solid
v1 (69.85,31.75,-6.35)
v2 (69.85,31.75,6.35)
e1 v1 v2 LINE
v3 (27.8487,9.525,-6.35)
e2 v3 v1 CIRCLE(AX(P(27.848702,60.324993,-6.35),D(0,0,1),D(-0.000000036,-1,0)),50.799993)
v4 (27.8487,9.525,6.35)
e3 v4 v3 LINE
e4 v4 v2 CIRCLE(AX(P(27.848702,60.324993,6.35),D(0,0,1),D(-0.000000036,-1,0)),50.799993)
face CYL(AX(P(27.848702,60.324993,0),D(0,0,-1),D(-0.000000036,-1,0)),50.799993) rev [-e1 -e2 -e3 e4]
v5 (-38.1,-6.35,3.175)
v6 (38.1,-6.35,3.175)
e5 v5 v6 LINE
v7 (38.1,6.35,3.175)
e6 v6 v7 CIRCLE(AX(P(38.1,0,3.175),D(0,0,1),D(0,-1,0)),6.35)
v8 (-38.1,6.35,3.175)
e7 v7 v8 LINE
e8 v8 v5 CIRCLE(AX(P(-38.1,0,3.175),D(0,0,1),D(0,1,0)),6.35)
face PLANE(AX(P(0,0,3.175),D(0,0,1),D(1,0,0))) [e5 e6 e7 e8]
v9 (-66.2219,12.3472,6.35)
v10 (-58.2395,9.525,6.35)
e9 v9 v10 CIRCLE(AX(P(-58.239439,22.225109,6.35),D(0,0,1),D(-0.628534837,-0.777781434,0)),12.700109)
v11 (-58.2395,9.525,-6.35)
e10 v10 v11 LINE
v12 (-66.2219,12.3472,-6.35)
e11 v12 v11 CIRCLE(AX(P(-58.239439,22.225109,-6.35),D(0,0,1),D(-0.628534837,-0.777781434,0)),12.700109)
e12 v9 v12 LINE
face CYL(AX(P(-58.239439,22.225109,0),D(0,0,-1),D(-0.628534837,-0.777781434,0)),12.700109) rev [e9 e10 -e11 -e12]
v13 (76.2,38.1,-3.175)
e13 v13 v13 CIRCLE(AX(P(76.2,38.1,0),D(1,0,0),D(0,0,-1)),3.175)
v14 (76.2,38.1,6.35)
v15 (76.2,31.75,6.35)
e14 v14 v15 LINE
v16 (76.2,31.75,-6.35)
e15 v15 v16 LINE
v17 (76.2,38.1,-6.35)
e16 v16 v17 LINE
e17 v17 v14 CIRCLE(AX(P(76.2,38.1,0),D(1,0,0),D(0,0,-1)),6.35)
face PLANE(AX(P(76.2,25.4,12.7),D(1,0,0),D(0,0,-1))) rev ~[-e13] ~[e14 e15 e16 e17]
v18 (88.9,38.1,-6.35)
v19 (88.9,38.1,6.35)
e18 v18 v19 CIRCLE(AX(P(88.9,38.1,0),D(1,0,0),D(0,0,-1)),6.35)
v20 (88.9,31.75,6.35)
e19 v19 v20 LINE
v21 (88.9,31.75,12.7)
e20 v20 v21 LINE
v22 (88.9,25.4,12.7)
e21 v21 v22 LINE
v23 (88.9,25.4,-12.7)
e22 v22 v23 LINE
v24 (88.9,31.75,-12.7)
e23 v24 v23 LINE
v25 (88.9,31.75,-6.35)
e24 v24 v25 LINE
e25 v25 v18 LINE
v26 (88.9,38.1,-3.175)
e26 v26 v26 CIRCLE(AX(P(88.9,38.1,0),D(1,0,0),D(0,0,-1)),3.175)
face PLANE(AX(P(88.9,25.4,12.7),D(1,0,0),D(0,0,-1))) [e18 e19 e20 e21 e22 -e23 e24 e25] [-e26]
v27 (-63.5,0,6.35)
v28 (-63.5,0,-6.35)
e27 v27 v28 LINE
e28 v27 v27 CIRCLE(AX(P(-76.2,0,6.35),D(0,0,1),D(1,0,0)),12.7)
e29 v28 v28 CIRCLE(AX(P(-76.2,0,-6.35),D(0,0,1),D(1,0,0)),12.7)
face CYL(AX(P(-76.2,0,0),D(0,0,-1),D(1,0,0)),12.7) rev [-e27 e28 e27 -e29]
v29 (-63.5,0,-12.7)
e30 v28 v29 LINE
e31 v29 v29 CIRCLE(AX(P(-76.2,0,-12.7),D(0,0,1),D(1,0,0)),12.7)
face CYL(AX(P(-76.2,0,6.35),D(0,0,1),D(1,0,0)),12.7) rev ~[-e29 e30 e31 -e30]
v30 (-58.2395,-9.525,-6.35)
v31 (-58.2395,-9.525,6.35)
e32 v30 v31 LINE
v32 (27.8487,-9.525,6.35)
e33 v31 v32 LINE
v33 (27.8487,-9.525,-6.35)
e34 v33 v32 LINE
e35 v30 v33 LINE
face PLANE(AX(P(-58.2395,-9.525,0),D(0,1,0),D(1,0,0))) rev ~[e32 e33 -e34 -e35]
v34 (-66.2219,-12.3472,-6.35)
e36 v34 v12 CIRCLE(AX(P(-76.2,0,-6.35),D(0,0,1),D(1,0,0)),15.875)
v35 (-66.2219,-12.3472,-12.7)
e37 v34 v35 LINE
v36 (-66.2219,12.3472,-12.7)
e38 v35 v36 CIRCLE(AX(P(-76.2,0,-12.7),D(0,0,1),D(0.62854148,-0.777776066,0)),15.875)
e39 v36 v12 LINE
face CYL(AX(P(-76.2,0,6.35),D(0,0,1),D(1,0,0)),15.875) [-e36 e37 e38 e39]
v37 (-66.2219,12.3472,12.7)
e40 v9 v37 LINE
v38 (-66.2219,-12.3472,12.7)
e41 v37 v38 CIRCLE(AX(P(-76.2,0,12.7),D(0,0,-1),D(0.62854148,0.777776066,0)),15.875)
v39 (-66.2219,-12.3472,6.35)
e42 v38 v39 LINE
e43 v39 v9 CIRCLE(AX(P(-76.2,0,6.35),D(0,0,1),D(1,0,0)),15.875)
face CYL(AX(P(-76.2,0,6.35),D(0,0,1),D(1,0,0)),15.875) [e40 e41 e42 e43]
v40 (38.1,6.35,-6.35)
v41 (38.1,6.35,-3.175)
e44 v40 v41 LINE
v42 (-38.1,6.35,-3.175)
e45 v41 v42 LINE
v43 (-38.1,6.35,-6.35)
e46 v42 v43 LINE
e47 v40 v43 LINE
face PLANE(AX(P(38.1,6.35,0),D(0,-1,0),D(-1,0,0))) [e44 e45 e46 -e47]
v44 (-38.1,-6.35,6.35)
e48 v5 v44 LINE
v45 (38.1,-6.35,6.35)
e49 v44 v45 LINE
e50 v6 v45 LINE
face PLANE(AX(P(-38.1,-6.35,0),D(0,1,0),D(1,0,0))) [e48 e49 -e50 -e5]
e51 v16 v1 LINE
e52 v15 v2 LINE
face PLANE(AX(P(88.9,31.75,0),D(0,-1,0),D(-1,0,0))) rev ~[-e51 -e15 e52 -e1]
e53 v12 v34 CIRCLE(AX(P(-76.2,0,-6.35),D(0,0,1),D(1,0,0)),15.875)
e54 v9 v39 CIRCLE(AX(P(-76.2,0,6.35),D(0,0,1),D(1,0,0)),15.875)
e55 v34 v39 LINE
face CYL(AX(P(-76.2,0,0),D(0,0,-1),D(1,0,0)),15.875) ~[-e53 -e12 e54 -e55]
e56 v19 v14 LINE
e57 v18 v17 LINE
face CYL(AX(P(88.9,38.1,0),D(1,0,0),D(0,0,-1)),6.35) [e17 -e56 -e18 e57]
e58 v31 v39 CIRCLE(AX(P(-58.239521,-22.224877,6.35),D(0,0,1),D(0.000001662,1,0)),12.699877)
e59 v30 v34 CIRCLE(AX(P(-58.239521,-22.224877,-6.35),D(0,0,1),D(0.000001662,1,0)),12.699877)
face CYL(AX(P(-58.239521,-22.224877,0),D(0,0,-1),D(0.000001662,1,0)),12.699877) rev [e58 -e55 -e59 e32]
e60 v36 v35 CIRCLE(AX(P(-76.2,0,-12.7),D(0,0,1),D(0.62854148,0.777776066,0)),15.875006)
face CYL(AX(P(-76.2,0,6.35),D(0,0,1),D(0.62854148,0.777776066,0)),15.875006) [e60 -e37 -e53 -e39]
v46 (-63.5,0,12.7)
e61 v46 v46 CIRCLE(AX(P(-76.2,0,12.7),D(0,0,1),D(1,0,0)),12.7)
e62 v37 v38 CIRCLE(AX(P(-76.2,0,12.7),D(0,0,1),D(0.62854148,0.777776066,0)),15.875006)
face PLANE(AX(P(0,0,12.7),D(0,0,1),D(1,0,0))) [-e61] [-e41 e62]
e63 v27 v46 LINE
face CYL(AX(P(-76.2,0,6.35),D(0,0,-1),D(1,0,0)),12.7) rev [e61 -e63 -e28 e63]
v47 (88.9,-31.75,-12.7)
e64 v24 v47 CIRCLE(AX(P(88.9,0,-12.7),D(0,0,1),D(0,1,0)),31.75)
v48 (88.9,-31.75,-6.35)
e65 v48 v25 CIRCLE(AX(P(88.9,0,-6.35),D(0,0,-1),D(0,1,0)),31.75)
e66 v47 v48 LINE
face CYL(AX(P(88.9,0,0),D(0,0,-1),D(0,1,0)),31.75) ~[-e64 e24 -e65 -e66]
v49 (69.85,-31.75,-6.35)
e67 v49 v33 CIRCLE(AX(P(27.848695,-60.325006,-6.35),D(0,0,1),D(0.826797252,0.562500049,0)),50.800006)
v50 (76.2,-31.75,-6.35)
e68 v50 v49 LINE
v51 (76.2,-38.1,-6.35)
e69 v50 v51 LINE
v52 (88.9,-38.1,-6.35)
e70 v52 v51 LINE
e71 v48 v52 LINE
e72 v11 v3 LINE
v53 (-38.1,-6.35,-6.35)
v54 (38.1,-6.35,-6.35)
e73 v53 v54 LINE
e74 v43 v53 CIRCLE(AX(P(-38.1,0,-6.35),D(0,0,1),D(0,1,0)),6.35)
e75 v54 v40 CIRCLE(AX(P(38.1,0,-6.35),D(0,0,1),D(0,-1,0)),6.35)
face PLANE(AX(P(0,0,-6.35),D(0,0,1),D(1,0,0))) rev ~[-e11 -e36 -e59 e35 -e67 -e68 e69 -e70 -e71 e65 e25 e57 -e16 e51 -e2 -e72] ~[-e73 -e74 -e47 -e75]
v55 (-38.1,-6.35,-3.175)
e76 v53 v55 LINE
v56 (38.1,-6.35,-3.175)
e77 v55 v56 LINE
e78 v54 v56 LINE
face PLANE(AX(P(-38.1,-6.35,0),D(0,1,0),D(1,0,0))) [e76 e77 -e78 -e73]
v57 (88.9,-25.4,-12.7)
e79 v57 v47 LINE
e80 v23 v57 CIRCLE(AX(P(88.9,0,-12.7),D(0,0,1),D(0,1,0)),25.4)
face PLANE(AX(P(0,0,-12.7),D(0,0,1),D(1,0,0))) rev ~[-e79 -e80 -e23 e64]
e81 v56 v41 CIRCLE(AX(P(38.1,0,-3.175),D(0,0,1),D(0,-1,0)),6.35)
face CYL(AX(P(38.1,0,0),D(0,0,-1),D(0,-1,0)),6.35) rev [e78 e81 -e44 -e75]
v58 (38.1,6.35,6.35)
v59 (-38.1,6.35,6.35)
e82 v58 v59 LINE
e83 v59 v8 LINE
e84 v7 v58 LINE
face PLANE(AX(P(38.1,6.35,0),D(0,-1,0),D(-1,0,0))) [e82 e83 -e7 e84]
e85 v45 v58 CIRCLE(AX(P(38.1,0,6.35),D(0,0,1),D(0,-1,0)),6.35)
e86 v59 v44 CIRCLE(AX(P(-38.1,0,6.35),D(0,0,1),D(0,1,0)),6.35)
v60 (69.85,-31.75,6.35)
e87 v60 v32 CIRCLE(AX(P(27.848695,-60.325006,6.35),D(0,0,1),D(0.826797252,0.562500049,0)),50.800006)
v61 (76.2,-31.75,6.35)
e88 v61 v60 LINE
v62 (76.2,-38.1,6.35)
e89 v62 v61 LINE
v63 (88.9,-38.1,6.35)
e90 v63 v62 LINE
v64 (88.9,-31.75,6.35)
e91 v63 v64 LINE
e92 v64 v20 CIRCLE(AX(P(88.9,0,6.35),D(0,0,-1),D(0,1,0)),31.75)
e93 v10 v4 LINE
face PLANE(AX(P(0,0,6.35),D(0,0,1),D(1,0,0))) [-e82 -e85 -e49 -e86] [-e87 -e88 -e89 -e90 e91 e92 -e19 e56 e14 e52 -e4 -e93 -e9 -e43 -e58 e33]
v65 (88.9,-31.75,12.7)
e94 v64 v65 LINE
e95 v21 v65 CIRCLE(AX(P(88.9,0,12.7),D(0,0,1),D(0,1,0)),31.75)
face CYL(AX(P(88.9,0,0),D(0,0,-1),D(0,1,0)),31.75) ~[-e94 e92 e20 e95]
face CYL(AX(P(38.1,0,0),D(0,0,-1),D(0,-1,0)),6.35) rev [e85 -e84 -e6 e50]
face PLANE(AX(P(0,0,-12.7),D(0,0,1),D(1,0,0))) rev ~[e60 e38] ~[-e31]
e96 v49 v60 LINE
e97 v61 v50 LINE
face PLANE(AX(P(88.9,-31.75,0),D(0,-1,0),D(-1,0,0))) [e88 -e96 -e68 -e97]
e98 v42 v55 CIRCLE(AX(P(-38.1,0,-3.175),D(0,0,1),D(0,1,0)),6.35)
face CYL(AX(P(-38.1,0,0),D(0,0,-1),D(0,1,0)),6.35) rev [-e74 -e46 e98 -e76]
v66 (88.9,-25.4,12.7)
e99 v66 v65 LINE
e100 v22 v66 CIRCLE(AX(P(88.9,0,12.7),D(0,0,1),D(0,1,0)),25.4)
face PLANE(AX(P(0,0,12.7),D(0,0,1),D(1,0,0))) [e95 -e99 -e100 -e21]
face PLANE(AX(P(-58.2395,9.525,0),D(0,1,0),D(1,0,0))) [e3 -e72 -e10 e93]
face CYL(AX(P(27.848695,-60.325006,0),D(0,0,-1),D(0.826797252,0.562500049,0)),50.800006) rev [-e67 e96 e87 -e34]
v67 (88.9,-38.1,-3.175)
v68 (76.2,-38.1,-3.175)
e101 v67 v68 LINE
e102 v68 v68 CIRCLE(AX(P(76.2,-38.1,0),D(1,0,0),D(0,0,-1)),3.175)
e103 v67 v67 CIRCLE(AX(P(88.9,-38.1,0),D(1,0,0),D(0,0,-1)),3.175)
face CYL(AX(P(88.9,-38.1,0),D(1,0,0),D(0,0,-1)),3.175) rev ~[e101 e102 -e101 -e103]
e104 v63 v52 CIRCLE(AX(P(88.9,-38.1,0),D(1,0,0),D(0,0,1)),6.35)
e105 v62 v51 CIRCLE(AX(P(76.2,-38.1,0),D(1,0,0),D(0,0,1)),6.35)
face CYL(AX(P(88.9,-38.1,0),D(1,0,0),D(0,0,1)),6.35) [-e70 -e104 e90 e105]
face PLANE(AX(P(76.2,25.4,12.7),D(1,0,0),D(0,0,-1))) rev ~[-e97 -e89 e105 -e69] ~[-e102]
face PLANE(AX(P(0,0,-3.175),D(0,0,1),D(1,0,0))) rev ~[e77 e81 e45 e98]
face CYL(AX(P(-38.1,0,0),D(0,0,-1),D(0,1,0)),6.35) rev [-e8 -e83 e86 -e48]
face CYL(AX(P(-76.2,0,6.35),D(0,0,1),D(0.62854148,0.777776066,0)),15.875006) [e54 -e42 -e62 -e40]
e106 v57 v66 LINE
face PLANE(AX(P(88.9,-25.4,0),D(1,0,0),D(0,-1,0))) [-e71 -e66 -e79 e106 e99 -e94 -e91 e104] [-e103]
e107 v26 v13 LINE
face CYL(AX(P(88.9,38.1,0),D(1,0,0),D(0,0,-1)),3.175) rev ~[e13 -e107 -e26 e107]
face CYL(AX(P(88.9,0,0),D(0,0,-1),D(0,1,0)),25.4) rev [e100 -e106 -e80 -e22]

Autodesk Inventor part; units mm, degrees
sketch "Sketch1" plane through (0, 0, 0) normal (0, 0, 1) x (1, 0, 0)
  circle A0 centre (-76.2, 0) radius 15.875
  line L0 (-38.1, 0) -> (38.1, 0) construction
  line L1 (-38.1, -6.35) -> (38.1, -6.35)
  line L2 (38.1, 6.35) -> (-38.1, 6.35)
  arc A1 (-38.1, 6.35) -> (-38.1, -6.35) centre (-38.1, 0) ccw
  arc A2 (38.1, -6.35) -> (38.1, 6.35) centre (38.1, 0) ccw
  arc A3 (88.9, 31.75) -> (88.9, -31.75) centre (88.9, 0) ccw
  circle A4 centre (-76.2, 0) radius 12.7
  arc A5 (88.9, 25.4) -> (88.9, -25.4) centre (88.9, 0) ccw
  line L3 (88.9, 31.75) -> (88.9, 25.4)
  line L4 (88.9, -25.4) -> (88.9, -31.75)
  line L5 (88.9, 31.75) -> (69.85, 31.75)
  line L6 (88.9, -31.75) -> (69.85, -31.75)
  line L7 (-58.2395, 9.525) -> (27.8487, 9.525)
  line L8 (-58.2395, -9.525) -> (27.8487, -9.525)
  arc A6 (27.8487, 9.525) -> (69.85, 31.75) centre (27.8487, 60.325) ccw
  arc A7 (69.85, -31.75) -> (27.8487, -9.525) centre (27.8487, -60.325) ccw
  arc A8 (-66.2219, 12.3472) -> (-58.2395, 9.525) centre (-58.2395, 22.225) ccw
  arc A9 (-58.2395, -9.525) -> (-66.2219, -12.3472) centre (-58.2395, -22.225) ccw
  point P0 (0, 0)
  point P1 (0, 0)
  dimension "d0" = 31.75
  dimension "d1" = 25.4
  dimension "d2" = 12.7
  dimension "d3" = 76.2
  dimension "d4" = 165.1
  dimension "d5" = 50.8
  dimension "d6" = 63.5
  dimension "d7" = 50.8
  dimension "d8" = 19.05
  dimension "d9" = 19.05
  dimension "d12" = 19.05
  dimension "d13" = 9.525
  dimension "d15" = 101.6
  dimension "d16" = 101.6
  dimension "d18" = 25.4
  dimension "d19" = 0
  dimension "d39" = 31.75
  dimension "d41" = 25.4
extrude "Base" add sketch "Sketch1" along normal mid plane 12.7
extrude "Indent" add sketch "Sketch1" along normal mid plane 6.35 contours A1 L2 A2 L1
extrude "Extrusion4" add sketch "Sketch1" along normal mid plane 25.4 contours L3 A5 L4 A3
sketch "Sketch3" plane through (88.9, 25.4, 12.7) normal (1, 0, 0) x (0, 0, -1)
  line L0 (6.35, 6.35) -> (19.05, 6.35)
  line L1 (19.05, 6.35) -> (19.05, 12.7)
  line L2 (6.35, 12.7) -> (6.35, 6.35)
  line L3 (6.35, 6.35) -> (19.05, 6.35) projected
  line L4 (0, 0) -> (0, 6.35) projected
  line L5 (25.4, 0) -> (0, 0) projected
  line L6 (25.4, 6.35) -> (25.4, 0) projected
  arc A0 (19.05, 12.7) -> (6.35, 12.7) centre (12.7, 12.7) ccw
  circle A1 centre (12.7, 12.7) radius 3.175
  line L7 (-5.08, -25.4) -> (30.48, -25.4) projected
  line L8 (6.35, -57.15) -> (19.05, -57.15)
  line L9 (19.05, -57.15) -> (19.05, -63.5)
  line L10 (6.35, -63.5) -> (6.35, -57.15)
  line L11 (6.35, -57.15) -> (19.05, -57.15)
  line L12 (6.35, -57.15) -> (19.05, -57.15)
  arc A2 (6.35, -63.5) -> (19.05, -63.5) centre (12.7, -63.5) ccw
  circle A3 centre (12.7, -63.5) radius 3.175
  line L13 (6.35, 6.35) -> (19.05, 6.35) projected
  line L14 (19.05, 6.35) -> (25.4, 6.35) projected
  line L15 (0, 6.35) -> (6.35, 6.35) projected
  point P0 (12.7, -25.4)
  dimension "d28" = 0
  dimension "d30" = 12.7
  dimension "d31" = 6.35
  dimension "d32" = 6.35
  dimension "d42" = 6.35
  dimension "d43" = 76.2
  dimension "d44" = 6.35
extrude "Extrusion5" add sketch "Sketch3" against normal blind 12.7 contours L2 A0 L1 L0 | L8 L9 A2 L10
sketch "Sketch4" plane through (0, 0, 6.35) normal (0, 0, 1) x (1, 0, 0)
  arc A0 (-66.2219, 12.3472) -> (-66.2219, -12.3472) centre (-76.2, 0) ccw projected
  circle A1 centre (-76.2, 0) radius 12.7 projected
  circle A2 centre (-76.2, 0) radius 12.7
  circle A3 centre (-76.2, 0) radius 15.875
  arc A4 (88.9, 31.75) -> (88.9, -31.75) centre (88.9, 0) ccw projected
  line L0 (88.9, 38.1) -> (88.9, 31.75) projected
  line L1 (88.9, 38.1) -> (76.2, 38.1) projected
  line L2 (76.2, 31.75) -> (76.2, 38.1) projected
  line L3 (76.2, 31.75) -> (69.85, 31.75) projected
  arc A5 (27.8487, 9.525) -> (69.85, 31.75) centre (27.8487, 60.325) ccw projected
  line L4 (27.8487, 9.525) -> (-58.2395, 9.525) projected
  arc A6 (-66.2219, 12.3472) -> (-58.2395, 9.525) centre (-58.2395, 22.225) ccw projected
  arc A7 (-58.2395, -9.525) -> (-66.2219, -12.3472) centre (-58.2395, -22.225) ccw projected
  line L5 (-58.2395, -9.525) -> (27.8487, -9.525) projected
  arc A8 (69.85, -31.75) -> (27.8487, -9.525) centre (27.8487, -60.325) ccw projected
  line L6 (69.85, -31.75) -> (76.2, -31.75) projected
  line L7 (76.2, -38.1) -> (76.2, -31.75) projected
  line L8 (88.9, -38.1) -> (76.2, -38.1) projected
  line L9 (88.9, -31.75) -> (88.9, -38.1) projected
  point P0 (0, 0)
extrude "Extrusion6" add sketch "Sketch4" against normal blind 19.05 and the other way blind 6.35 contours A3 A0
properties part number "7.3_Connecting_Rod"
